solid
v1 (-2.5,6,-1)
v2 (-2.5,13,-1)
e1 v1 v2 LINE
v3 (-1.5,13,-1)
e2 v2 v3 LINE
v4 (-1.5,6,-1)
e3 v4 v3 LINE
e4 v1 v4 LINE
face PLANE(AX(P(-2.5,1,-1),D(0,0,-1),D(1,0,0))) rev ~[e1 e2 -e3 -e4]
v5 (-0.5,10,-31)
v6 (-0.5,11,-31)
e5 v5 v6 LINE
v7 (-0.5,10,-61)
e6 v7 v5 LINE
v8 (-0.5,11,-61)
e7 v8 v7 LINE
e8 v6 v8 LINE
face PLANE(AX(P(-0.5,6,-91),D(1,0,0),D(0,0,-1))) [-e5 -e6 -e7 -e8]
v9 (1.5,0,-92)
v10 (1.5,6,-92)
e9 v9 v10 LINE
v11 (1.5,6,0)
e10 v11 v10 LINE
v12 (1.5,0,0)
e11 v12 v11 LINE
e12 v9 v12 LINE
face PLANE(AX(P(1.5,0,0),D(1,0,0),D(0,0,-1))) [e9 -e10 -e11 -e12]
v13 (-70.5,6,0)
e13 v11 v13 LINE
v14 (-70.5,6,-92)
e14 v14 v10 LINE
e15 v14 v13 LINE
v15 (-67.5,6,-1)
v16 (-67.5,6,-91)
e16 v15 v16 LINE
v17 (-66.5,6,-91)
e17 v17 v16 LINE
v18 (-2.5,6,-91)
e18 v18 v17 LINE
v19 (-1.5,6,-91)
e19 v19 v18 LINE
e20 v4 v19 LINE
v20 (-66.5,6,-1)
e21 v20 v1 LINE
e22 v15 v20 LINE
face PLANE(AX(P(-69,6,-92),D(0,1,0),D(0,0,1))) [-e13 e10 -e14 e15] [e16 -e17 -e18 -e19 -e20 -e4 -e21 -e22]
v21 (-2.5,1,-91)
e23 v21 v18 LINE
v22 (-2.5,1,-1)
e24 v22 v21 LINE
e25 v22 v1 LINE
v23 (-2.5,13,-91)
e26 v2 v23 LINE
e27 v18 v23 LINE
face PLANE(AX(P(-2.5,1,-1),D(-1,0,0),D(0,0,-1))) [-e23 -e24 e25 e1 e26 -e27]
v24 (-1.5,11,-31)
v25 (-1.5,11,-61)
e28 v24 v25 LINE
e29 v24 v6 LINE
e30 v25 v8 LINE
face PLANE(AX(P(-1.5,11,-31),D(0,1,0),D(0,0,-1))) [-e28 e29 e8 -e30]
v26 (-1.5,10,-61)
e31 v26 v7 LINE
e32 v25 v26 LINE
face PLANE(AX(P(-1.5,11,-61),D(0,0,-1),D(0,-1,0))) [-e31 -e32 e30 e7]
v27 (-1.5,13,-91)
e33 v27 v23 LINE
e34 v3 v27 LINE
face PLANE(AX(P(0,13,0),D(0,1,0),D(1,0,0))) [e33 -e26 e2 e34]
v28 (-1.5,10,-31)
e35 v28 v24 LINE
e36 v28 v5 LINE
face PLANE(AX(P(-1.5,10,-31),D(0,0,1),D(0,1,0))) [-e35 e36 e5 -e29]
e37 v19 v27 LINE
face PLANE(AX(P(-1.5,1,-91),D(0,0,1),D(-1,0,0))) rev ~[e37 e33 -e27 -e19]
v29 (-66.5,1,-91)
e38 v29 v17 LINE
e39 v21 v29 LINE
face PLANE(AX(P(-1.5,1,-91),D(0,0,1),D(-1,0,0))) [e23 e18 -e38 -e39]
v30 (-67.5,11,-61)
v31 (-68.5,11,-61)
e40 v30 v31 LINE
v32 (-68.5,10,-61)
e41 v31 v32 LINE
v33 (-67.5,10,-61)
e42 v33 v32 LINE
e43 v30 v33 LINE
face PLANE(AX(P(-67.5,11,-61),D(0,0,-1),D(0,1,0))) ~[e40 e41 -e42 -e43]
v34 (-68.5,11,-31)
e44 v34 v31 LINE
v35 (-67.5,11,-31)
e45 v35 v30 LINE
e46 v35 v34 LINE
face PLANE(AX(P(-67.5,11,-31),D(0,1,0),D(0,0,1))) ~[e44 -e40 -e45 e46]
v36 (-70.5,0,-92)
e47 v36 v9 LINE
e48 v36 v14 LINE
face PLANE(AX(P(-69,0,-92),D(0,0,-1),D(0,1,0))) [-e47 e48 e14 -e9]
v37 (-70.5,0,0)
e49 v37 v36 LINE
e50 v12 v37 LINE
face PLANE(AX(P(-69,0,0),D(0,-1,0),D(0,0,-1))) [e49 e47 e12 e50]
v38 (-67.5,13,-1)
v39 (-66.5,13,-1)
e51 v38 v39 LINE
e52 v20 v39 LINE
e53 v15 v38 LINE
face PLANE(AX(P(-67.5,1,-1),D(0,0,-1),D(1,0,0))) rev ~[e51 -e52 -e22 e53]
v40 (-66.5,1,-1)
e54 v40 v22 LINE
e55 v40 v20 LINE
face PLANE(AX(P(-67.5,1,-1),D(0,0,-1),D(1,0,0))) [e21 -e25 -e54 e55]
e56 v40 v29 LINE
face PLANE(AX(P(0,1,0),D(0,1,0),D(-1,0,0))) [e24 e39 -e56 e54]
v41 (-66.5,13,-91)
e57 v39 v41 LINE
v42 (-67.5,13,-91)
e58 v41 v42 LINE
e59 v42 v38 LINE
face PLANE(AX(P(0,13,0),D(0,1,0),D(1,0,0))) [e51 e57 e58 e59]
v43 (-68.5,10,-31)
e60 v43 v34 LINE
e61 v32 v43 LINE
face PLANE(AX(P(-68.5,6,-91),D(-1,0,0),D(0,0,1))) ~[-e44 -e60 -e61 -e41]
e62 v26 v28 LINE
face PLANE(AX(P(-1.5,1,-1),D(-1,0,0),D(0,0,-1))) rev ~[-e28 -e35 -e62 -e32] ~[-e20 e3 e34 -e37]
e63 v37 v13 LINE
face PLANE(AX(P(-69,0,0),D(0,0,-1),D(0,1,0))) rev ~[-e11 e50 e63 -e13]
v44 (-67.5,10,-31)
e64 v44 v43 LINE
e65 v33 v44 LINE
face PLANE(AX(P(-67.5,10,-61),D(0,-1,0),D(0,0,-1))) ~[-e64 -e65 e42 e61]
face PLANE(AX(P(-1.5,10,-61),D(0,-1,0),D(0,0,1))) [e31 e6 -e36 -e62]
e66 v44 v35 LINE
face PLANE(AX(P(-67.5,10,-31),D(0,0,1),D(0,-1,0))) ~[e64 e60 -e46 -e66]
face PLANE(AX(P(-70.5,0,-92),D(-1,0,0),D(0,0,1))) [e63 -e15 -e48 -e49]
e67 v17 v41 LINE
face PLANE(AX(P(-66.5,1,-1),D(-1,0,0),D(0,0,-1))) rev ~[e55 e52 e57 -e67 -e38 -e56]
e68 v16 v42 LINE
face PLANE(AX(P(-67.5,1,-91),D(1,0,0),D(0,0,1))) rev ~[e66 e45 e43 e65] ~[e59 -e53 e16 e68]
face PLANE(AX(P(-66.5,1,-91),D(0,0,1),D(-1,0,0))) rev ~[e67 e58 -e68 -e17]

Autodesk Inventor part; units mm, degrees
ref_plane "YZ Plane" through (0, 0, 0) normal (1, 0, 0) x (0, 1, 0)
ref_plane "XZ Plane" through (0, 0, 0) normal (0, 1, 0) x (-1, 0, 0)
ref_plane "XY Plane" through (0, 0, 0) normal (0, 0, 1) x (1, 0, 0)
sketch "Sketch1" plane through (0, 0, 0) normal (0, 1, 0) x (-1, 0, 0)
  line L0 (0, 0) -> (69, 0)
  line L1 (69, 0) -> (69, -92)
  line L2 (69, -92) -> (0, -92)
  line L3 (0, -92) -> (0, 0)
  dimension "d0" = 69
  dimension "d1" = 92
extrude "Extrusion1" add sketch "Sketch1" along normal blind 1
sketch "Sketch2" plane through (0, 1, 0) normal (0, 1, 0) x (1, 0, 0)
  line L0 (-69, 0) -> (0, 0) projected
  line L1 (0, 0) -> (0, 92) projected
  line L2 (0, 92) -> (-69, 92) projected
  line L3 (-69, 92) -> (-69, 0) projected
  line L4 (-68, 1) -> (-1, 1)
  line L5 (-1, 1) -> (-1, 91)
  line L6 (-1, 91) -> (-68, 91)
  line L7 (-68, 91) -> (-68, 1)
  line L8 (-67.5, 1) -> (-67.5, 91)
  line L9 (-1.5, 1) -> (-1.5, 91)
  dimension "d4" = 1
  dimension "d5" = 0.5
  dimension "d6" = 0.5
extrude "Extrusion2" add sketch "Sketch2" along normal blind 5 contours L3 L2 L1 L0 | L7 L6 L8 L4 | L9 L6 L5 L4
sketch "Sketch3" plane through (0, 1, 0) normal (0, 1, 0) x (1, 0, 0)
  line L0 (-67.5, 91) -> (-67.5, 1) projected
  line L1 (-67.5, 1) -> (-1.5, 1) projected
  line L2 (-1.5, 1) -> (-1.5, 91) projected
  line L3 (-1.5, 91) -> (-67.5, 91) projected
  line L4 (-67.5, 1) -> (-1.5, 1) projected
  line L5 (-66.5, 1) -> (-66.5, 91)
  line L6 (-2.5, 1) -> (-2.5, 91)
  point P0 (0, 0)
  dimension "d9" = 1
  dimension "d10" = 1
extrude "Extrusion3" add sketch "Sketch3" along normal blind 12 contours L3 L5 L1 L0 | L3 L2 L1 L6
sketch "Sketch4" plane through (-1.5, 6, -91) normal (1, 0, 0) x (0, 0, -1)
  line L0 (-90, 0) -> (-90, 7) projected
  line L1 (-90, 4) -> (-90, 5)
  line L2 (0, 0) -> (0, 7) projected
  line L3 (-90, 7) -> (0, 7) projected
  line L4 (-60, 5) -> (-30, 5)
  line L5 (-30, 5) -> (-30, 4)
  line L6 (-30, 4) -> (-60, 4)
  line L7 (-60, 4) -> (-60, 5)
  line L8 (0, 0) -> (-90, 0) projected
  point P0 (-91, -6)
  dimension "d21" = 1
  dimension "d22" = 2
  dimension "d23" = 4
  dimension "d24" = 30
  dimension "d25" = 30
ref_plane "Work Plane1" through (-34.5, 0, 0) normal (1, 0, 0) x (0, 0, -1)
extrude "Extrusion5" add sketch "Sketch4" along normal blind 1 contours L4 L5 L6 L7
mirror "Mirror2" about plane through (-34.5, 0, 0) normal (1, 0, 0) of "Extrusion5"
sketch "Sketch5" plane through (0, 0, 0) normal (1, 0, 0) x (0, 0, -1)
  line L0 (92, 0) -> (0, 0) projected
  line L1 (92, 0) -> (92, 6) projected
  line L2 (0, 6) -> (92, 6) projected
  line L3 (0, 0) -> (0, 6) projected
extrude "Extrusion6" add sketch "Sketch5" along normal blind 1.5
sketch "Sketch6" plane through (-69, 0, -92) normal (-1, 0, 0) x (0, 0, 1)
  line L0 (92, 0) -> (0, 0) projected
  line L1 (92, 0) -> (92, 6) projected
  line L2 (0, 6) -> (92, 6) projected
  line L3 (0, 0) -> (0, 6) projected
extrude "Extrusion7" add sketch "Sketch6" along normal blind 1.5
properties part number "top2"
